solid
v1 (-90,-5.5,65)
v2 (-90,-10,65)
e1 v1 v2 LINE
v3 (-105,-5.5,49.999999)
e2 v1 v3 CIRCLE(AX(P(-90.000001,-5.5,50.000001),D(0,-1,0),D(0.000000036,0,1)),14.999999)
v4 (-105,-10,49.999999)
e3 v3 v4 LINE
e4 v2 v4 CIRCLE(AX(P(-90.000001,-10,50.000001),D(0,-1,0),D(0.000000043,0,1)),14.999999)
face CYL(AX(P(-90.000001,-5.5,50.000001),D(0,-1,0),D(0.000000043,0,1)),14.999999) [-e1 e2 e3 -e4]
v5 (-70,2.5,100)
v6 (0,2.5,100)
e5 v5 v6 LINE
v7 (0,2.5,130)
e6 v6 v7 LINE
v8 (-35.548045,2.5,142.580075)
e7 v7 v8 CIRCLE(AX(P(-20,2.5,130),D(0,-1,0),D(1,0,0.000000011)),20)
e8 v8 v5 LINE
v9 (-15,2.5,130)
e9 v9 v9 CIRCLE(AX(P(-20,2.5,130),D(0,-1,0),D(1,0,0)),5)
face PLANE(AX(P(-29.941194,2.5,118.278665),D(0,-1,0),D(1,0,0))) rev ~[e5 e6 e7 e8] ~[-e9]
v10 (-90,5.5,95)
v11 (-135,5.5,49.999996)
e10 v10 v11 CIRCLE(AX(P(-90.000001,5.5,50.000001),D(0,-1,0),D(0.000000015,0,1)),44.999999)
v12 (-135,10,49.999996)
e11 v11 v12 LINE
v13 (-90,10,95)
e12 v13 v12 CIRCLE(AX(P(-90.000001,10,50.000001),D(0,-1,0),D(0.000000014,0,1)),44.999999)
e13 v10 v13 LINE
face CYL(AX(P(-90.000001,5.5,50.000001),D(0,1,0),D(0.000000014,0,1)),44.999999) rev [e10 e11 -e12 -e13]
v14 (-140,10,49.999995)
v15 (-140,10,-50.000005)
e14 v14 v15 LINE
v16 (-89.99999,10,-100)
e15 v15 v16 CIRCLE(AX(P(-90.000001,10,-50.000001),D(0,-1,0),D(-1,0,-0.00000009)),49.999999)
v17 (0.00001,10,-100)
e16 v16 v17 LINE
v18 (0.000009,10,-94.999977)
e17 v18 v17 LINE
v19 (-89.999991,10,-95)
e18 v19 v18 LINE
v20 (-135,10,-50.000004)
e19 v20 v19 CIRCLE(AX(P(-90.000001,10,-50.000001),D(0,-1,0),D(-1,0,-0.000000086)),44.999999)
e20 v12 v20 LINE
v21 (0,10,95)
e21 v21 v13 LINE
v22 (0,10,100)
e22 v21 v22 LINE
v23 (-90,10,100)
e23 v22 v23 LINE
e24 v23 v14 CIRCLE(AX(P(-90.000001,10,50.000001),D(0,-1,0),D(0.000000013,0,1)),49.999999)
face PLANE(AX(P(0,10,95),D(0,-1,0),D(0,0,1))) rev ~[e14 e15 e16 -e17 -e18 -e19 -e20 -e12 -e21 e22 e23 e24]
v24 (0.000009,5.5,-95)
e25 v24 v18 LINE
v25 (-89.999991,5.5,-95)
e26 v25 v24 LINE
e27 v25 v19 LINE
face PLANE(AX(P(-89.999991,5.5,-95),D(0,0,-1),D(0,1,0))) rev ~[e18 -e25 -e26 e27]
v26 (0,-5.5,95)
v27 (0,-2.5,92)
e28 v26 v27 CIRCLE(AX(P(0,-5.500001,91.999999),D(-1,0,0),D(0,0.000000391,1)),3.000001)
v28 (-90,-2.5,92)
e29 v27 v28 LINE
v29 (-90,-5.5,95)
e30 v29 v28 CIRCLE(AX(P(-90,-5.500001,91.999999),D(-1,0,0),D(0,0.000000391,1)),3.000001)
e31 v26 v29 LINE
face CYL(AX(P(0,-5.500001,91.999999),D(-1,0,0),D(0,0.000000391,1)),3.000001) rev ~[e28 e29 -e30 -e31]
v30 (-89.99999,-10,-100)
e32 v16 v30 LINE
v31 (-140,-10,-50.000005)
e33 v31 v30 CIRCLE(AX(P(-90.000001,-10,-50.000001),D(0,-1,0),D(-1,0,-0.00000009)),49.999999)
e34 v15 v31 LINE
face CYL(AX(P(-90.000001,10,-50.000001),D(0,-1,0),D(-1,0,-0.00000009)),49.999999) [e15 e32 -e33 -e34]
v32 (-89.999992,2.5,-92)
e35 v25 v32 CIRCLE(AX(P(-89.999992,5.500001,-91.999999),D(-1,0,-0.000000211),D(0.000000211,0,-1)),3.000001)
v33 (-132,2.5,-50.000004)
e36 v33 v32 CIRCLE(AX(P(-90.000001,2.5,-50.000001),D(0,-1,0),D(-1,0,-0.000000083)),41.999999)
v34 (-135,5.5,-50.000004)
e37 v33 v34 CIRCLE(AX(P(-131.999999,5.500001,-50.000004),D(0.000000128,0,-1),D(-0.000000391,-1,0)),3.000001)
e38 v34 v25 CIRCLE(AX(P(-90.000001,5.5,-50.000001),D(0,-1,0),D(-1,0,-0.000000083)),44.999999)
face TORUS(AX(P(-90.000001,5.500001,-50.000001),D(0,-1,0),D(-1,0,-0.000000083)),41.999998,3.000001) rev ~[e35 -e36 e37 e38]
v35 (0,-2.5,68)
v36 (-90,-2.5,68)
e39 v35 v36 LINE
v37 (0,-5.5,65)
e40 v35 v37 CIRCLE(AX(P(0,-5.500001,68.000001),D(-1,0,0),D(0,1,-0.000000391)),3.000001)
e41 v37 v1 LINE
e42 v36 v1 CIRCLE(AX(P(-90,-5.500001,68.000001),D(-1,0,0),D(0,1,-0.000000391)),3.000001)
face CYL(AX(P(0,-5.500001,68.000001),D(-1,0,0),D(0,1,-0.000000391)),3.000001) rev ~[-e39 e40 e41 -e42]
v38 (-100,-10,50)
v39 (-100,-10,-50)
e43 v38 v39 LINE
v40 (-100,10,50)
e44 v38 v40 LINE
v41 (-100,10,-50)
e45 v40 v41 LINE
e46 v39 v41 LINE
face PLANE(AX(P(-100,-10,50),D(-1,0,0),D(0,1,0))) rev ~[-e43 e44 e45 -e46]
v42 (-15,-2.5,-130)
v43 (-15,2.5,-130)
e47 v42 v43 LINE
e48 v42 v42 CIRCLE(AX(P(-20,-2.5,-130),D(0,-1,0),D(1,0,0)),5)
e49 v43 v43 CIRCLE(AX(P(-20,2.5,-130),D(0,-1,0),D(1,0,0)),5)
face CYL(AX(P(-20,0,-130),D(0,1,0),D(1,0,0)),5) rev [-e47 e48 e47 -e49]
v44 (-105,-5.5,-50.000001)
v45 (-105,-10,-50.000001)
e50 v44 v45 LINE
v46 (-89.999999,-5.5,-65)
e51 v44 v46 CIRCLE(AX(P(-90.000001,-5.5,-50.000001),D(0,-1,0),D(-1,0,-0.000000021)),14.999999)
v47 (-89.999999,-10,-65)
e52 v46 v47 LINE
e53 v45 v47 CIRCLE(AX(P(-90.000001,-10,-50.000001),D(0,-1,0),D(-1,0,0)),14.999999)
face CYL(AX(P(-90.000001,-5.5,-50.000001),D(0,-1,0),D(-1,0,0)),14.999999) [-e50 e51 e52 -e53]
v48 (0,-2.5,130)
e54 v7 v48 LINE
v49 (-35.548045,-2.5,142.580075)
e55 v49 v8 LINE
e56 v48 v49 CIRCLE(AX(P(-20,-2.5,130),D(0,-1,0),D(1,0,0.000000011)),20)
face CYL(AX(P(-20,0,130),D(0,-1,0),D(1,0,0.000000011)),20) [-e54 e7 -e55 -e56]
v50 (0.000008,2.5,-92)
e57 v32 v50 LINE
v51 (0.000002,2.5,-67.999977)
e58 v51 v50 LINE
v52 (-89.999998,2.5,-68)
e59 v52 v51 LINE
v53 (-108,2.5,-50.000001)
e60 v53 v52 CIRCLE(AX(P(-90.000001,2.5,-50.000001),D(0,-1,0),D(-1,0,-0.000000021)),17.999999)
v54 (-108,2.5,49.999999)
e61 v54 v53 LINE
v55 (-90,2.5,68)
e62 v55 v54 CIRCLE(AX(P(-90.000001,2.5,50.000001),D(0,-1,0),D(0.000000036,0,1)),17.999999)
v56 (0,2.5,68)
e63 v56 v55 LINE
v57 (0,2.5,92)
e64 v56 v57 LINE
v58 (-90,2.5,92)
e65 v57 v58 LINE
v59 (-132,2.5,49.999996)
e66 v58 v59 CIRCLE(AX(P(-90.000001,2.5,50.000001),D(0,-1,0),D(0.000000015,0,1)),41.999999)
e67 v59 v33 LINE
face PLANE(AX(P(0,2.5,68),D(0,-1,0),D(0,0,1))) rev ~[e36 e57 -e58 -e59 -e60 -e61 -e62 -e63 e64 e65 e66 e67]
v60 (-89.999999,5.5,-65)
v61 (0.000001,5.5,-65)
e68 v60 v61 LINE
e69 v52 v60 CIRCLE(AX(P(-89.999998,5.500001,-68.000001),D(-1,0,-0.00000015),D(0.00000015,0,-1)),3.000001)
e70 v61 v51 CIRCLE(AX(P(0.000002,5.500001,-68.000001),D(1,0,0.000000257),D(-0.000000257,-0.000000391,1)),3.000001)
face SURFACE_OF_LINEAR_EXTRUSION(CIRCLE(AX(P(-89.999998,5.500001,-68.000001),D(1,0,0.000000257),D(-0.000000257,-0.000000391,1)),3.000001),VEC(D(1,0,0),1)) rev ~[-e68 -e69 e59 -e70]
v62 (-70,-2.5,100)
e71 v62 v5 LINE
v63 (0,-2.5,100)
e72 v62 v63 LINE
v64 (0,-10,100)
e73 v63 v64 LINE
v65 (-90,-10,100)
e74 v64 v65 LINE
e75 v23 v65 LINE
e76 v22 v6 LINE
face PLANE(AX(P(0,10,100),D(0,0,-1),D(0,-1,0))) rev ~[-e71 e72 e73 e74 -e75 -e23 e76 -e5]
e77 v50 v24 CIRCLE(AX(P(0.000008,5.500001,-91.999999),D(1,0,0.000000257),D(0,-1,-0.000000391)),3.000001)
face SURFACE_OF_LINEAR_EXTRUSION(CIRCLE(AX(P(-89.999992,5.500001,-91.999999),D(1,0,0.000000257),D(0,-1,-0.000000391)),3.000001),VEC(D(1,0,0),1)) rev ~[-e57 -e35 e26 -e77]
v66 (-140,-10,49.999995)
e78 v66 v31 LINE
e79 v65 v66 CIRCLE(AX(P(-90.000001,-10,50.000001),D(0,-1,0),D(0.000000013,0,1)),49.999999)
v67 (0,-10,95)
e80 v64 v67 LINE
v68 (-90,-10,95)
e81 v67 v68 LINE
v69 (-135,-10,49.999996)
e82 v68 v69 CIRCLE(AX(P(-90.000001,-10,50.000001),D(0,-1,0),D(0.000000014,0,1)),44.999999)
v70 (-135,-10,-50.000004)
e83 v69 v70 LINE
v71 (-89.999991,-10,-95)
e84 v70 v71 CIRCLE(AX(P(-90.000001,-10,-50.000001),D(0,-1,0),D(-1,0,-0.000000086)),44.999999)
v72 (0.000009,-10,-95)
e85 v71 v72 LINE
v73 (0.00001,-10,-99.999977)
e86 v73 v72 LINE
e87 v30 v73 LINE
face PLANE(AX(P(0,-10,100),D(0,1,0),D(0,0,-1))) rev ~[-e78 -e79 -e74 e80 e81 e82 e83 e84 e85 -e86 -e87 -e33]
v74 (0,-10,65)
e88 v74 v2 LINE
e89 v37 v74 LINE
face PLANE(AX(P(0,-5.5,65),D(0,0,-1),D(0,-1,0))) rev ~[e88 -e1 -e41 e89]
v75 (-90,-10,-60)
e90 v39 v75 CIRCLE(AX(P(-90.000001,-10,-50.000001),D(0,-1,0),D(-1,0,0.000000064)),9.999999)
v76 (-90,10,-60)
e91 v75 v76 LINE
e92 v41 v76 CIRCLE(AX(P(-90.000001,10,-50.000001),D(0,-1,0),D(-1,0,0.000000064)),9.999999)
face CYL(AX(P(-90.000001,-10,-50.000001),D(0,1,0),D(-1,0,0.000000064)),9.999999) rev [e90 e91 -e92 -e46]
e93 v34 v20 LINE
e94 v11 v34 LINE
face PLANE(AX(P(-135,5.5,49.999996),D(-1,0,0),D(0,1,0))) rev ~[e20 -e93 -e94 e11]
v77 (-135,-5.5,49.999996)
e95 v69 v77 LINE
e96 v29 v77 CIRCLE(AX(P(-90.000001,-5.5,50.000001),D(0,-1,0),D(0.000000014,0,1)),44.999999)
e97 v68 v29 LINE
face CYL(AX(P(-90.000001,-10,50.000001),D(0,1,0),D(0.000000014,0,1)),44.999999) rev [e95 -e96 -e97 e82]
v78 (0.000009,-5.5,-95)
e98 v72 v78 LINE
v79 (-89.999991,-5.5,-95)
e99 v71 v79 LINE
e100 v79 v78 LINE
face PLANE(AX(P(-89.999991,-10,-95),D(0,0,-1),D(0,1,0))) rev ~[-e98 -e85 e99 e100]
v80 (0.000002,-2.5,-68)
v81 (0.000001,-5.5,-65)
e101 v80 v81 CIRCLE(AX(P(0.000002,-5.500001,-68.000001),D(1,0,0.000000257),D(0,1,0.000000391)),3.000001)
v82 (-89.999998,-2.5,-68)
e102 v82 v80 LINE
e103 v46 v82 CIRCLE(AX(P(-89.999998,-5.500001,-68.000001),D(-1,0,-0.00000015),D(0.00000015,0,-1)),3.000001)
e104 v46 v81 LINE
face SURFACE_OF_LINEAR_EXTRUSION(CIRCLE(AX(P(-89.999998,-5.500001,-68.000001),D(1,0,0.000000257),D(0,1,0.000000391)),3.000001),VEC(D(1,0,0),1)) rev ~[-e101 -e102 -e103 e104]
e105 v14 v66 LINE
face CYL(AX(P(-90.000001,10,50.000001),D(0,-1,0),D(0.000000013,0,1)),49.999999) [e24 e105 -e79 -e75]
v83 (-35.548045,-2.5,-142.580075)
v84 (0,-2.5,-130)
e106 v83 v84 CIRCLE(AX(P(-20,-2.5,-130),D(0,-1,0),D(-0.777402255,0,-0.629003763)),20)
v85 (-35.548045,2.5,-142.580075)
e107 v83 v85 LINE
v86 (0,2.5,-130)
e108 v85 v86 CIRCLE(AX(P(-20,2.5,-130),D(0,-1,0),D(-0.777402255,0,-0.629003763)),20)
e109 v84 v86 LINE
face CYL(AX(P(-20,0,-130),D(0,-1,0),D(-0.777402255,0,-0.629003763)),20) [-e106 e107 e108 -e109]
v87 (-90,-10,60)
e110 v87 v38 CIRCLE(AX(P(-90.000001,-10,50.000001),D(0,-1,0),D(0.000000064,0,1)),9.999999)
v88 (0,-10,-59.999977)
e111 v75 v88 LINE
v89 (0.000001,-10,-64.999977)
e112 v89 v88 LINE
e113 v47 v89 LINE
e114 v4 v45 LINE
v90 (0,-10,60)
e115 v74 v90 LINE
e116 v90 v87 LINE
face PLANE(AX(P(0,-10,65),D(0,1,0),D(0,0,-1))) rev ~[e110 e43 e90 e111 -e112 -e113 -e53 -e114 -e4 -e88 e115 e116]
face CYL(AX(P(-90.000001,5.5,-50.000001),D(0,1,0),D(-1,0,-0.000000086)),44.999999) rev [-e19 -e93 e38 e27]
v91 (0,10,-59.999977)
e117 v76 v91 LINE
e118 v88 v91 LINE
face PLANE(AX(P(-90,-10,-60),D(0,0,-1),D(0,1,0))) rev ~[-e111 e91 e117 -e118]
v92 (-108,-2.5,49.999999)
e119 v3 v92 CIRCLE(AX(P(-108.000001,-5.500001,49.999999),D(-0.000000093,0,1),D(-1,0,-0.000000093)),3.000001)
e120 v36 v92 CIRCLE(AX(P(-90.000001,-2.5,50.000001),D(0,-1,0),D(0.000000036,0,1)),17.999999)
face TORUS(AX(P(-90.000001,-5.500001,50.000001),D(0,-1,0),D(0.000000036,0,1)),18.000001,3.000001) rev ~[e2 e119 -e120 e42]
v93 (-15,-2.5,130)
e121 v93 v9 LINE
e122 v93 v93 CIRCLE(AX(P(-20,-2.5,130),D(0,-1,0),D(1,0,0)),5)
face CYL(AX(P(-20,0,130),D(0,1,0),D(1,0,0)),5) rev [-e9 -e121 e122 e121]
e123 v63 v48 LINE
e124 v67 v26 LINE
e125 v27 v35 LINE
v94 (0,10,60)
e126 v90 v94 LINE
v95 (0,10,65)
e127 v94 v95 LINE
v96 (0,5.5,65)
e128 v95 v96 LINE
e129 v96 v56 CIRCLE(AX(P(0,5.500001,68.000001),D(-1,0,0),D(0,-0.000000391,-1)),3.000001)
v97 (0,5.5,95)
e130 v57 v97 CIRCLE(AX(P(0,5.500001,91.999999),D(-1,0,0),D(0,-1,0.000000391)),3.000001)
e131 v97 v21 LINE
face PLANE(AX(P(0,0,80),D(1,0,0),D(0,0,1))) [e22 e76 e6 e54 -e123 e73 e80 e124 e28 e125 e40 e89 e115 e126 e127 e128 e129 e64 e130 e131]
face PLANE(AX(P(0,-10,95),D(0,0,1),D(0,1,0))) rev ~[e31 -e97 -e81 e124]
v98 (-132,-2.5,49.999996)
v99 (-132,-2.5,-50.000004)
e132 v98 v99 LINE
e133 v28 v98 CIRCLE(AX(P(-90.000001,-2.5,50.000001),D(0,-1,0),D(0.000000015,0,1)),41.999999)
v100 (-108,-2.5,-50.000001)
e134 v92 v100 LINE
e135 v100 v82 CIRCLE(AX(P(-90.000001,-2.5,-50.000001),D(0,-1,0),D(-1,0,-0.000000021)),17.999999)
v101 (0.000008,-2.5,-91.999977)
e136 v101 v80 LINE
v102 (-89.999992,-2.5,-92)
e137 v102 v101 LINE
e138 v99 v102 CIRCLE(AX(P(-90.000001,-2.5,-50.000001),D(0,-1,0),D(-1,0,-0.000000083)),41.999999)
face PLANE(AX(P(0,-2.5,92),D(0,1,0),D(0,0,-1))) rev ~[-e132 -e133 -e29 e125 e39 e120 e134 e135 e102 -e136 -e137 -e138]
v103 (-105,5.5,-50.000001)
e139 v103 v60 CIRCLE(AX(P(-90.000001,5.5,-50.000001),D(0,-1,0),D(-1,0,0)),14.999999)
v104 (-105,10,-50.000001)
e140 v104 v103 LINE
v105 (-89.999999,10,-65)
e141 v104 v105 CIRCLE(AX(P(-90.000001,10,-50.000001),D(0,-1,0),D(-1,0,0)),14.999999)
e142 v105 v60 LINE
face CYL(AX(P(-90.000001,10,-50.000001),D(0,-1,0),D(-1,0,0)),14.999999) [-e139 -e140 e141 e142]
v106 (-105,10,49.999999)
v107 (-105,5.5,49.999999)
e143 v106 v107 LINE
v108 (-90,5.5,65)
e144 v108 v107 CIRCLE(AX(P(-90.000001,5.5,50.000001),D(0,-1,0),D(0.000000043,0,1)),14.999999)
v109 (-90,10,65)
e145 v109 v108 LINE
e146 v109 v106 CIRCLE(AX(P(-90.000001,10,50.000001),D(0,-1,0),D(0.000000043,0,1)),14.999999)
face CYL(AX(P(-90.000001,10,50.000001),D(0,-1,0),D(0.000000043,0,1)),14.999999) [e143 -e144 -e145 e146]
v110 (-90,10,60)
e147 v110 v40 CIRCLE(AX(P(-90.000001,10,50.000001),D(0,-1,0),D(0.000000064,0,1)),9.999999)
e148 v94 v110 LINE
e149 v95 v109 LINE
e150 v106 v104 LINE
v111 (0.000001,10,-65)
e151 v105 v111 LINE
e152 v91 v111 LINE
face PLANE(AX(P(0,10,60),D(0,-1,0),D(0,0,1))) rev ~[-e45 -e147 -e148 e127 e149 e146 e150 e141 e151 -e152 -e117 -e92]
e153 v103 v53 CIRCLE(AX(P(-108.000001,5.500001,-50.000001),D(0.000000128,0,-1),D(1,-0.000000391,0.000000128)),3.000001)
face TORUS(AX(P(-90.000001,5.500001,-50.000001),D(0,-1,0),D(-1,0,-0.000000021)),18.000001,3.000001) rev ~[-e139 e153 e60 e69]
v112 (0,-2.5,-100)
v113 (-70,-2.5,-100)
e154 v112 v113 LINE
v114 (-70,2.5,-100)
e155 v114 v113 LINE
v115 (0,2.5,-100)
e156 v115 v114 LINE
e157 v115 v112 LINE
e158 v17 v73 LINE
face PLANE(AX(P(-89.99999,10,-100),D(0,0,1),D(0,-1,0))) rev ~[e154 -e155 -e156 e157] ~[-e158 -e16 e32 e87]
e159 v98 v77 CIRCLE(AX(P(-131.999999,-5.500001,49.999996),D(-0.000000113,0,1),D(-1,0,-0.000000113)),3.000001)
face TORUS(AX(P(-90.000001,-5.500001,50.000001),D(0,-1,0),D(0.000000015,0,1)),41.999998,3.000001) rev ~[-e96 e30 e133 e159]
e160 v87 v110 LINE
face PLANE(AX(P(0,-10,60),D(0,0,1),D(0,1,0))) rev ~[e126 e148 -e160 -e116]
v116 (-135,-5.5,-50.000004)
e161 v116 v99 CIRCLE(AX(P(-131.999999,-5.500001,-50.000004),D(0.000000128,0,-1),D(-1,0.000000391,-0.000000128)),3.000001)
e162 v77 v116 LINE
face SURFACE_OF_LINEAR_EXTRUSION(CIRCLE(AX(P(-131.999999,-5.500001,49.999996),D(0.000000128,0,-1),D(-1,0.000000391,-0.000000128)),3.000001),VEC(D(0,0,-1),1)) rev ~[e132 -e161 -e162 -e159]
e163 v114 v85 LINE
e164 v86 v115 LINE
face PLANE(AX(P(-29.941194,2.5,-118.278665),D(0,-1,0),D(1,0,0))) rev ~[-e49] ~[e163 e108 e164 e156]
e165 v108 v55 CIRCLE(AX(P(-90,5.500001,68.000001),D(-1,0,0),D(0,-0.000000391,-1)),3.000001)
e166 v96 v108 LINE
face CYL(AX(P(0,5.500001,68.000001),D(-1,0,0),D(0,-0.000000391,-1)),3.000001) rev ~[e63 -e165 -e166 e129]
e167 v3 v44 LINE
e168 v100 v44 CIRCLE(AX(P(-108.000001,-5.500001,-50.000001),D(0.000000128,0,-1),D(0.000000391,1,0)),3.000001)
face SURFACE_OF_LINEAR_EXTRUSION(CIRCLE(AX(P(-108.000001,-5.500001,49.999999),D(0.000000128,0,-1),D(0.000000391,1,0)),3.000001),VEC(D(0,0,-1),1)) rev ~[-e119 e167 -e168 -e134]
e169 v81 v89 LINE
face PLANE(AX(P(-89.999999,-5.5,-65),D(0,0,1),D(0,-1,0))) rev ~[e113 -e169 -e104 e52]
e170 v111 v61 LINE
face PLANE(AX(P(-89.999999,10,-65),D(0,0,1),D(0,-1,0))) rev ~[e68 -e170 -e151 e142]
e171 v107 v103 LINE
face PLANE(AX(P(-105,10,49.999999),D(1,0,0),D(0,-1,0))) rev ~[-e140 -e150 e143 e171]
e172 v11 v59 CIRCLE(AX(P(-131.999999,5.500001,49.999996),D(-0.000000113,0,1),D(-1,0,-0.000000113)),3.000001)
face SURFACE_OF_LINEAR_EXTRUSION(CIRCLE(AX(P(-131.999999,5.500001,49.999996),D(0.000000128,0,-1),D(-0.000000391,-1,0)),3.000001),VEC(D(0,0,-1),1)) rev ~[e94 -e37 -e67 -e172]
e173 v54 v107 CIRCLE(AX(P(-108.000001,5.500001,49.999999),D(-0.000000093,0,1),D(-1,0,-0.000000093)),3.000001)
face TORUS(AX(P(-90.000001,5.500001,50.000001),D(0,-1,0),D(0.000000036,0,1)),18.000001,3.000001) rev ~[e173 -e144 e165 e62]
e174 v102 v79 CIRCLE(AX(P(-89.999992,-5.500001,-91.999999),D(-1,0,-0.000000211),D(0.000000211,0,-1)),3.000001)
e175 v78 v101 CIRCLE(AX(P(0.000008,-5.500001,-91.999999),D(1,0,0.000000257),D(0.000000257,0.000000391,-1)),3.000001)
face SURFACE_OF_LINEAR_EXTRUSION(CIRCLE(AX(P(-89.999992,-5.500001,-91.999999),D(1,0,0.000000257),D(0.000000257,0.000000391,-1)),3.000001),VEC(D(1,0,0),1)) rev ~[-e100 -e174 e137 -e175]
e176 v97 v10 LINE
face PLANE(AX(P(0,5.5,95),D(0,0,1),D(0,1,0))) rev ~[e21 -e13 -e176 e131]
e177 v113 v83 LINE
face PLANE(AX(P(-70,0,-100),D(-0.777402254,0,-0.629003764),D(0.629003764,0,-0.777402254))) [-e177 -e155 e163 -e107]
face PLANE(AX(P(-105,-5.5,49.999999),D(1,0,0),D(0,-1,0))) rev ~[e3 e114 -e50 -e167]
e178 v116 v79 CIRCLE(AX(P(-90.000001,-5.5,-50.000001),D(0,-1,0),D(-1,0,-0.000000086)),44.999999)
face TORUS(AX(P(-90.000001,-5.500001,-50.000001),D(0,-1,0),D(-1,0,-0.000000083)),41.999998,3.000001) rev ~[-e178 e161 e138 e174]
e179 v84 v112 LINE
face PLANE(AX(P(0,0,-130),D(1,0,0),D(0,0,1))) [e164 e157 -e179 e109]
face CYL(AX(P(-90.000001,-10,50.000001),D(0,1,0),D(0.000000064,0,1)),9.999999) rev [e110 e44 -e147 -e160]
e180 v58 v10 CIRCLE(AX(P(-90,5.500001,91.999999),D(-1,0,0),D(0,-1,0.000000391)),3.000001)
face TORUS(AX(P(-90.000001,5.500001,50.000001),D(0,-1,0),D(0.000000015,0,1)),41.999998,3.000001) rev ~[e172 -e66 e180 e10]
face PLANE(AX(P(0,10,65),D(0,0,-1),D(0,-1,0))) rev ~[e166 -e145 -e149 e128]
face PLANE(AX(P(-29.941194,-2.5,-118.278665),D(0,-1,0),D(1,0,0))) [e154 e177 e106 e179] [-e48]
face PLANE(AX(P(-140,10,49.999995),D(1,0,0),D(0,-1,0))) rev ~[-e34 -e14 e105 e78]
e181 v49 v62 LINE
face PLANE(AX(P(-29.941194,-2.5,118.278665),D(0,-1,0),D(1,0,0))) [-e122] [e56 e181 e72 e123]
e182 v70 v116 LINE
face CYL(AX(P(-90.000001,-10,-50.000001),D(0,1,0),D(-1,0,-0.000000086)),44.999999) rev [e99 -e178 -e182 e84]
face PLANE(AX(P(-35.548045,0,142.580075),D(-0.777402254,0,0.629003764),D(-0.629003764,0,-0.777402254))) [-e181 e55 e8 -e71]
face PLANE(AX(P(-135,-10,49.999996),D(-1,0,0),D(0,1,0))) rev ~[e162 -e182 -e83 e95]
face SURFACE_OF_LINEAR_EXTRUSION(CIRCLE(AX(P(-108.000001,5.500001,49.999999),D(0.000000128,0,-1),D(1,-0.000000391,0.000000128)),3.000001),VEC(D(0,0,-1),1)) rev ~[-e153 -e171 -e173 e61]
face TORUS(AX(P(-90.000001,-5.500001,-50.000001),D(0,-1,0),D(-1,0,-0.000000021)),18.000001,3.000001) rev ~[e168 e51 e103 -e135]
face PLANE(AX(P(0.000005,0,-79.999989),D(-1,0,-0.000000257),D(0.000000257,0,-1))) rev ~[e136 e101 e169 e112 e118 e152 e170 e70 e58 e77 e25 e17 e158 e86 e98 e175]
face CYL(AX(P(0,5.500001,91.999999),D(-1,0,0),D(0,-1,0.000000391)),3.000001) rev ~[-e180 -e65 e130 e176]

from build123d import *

# Parameters (mm, degrees)
F3_R     = 5
F4_DEPTH = 2.5
F5_R     = 5
F6_DEPTH = 2.5


with BuildPart() as f2:
    # F2: sweep along a path in F0
    with BuildLine(Plane.XZ) as f2_path:
        Line((0, 60), (-90, 60))
        ThreePointArc((-90, 60), (-97.071068, 57.071068), (-100, 50))
        Line((-100, 50), (-100, 0))
        Line((-100, 0), (-100, -50))
        ThreePointArc((-100, -50), (-97.071068, -57.071068), (-90, -60))
        Line((-90, -60), (0, -60))
    # F1 (on Right) → F2 (sweep)
    with BuildSketch(Plane.YZ):
        with BuildLine():
            Line((-10, 60), (0, 60))
            Line((0, 60), (10, 60))
            Line((10, 60), (10, 65))
            Line((10, 65), (5.5, 65))
            ThreePointArc((5.5, 65), (3.37868, 65.87868), (2.5, 68))
            Line((2.5, 68), (2.5, 92))
            ThreePointArc((2.5, 92), (3.37868, 94.12132), (5.5, 95))
            Line((5.5, 95), (10, 95))
            Line((10, 95), (10, 100))
            Line((10, 100), (0, 100))
            Line((0, 100), (-10, 100))
            Line((-10, 100), (-10, 95))
            Line((-10, 95), (-5.5, 95))
            ThreePointArc((-5.5, 95), (-3.37868, 94.12132), (-2.5, 92))
            Line((-2.5, 92), (-2.5, 68))
            ThreePointArc((-2.5, 68), (-3.37868, 65.87868), (-5.5, 65))
            Line((-5.5, 65), (-10, 65))
            Line((-10, 65), (-10, 60))
        make_face()
    sweep(path=f2_path.line)

    # F3 (on Front) → F4 (join, symmetric)
    with BuildSketch(Plane.XZ):
        with BuildLine():
            Line((-70, 100), (0, 100))
            Line((0, 100), (0, 130))
            ThreePointArc((0, 130), (-13.327703, 148.854189), (-35.548045, 142.580075))
            Line((-35.548045, 142.580075), (-70, 100))
        make_face()
        with Locations((-20, 130)):
            Circle(F3_R, mode=Mode.SUBTRACT)
    extrude(amount=F4_DEPTH, both=True)

    # F5 (on Front) → F6 (join, symmetric)
    with BuildSketch(Plane.XZ):
        with BuildLine():
            Line((0, -130), (0, -100))
            Line((0, -100), (-70, -100))
            Line((-70, -100), (-35.548045, -142.580075))
            ThreePointArc((-35.548045, -142.580075), (-13.327703, -148.854189), (0, -130))
        make_face()
        with Locations((-20, -130)):
            Circle(F5_R, mode=Mode.SUBTRACT)
    extrude(amount=F6_DEPTH, both=True)


solid = f2.part
